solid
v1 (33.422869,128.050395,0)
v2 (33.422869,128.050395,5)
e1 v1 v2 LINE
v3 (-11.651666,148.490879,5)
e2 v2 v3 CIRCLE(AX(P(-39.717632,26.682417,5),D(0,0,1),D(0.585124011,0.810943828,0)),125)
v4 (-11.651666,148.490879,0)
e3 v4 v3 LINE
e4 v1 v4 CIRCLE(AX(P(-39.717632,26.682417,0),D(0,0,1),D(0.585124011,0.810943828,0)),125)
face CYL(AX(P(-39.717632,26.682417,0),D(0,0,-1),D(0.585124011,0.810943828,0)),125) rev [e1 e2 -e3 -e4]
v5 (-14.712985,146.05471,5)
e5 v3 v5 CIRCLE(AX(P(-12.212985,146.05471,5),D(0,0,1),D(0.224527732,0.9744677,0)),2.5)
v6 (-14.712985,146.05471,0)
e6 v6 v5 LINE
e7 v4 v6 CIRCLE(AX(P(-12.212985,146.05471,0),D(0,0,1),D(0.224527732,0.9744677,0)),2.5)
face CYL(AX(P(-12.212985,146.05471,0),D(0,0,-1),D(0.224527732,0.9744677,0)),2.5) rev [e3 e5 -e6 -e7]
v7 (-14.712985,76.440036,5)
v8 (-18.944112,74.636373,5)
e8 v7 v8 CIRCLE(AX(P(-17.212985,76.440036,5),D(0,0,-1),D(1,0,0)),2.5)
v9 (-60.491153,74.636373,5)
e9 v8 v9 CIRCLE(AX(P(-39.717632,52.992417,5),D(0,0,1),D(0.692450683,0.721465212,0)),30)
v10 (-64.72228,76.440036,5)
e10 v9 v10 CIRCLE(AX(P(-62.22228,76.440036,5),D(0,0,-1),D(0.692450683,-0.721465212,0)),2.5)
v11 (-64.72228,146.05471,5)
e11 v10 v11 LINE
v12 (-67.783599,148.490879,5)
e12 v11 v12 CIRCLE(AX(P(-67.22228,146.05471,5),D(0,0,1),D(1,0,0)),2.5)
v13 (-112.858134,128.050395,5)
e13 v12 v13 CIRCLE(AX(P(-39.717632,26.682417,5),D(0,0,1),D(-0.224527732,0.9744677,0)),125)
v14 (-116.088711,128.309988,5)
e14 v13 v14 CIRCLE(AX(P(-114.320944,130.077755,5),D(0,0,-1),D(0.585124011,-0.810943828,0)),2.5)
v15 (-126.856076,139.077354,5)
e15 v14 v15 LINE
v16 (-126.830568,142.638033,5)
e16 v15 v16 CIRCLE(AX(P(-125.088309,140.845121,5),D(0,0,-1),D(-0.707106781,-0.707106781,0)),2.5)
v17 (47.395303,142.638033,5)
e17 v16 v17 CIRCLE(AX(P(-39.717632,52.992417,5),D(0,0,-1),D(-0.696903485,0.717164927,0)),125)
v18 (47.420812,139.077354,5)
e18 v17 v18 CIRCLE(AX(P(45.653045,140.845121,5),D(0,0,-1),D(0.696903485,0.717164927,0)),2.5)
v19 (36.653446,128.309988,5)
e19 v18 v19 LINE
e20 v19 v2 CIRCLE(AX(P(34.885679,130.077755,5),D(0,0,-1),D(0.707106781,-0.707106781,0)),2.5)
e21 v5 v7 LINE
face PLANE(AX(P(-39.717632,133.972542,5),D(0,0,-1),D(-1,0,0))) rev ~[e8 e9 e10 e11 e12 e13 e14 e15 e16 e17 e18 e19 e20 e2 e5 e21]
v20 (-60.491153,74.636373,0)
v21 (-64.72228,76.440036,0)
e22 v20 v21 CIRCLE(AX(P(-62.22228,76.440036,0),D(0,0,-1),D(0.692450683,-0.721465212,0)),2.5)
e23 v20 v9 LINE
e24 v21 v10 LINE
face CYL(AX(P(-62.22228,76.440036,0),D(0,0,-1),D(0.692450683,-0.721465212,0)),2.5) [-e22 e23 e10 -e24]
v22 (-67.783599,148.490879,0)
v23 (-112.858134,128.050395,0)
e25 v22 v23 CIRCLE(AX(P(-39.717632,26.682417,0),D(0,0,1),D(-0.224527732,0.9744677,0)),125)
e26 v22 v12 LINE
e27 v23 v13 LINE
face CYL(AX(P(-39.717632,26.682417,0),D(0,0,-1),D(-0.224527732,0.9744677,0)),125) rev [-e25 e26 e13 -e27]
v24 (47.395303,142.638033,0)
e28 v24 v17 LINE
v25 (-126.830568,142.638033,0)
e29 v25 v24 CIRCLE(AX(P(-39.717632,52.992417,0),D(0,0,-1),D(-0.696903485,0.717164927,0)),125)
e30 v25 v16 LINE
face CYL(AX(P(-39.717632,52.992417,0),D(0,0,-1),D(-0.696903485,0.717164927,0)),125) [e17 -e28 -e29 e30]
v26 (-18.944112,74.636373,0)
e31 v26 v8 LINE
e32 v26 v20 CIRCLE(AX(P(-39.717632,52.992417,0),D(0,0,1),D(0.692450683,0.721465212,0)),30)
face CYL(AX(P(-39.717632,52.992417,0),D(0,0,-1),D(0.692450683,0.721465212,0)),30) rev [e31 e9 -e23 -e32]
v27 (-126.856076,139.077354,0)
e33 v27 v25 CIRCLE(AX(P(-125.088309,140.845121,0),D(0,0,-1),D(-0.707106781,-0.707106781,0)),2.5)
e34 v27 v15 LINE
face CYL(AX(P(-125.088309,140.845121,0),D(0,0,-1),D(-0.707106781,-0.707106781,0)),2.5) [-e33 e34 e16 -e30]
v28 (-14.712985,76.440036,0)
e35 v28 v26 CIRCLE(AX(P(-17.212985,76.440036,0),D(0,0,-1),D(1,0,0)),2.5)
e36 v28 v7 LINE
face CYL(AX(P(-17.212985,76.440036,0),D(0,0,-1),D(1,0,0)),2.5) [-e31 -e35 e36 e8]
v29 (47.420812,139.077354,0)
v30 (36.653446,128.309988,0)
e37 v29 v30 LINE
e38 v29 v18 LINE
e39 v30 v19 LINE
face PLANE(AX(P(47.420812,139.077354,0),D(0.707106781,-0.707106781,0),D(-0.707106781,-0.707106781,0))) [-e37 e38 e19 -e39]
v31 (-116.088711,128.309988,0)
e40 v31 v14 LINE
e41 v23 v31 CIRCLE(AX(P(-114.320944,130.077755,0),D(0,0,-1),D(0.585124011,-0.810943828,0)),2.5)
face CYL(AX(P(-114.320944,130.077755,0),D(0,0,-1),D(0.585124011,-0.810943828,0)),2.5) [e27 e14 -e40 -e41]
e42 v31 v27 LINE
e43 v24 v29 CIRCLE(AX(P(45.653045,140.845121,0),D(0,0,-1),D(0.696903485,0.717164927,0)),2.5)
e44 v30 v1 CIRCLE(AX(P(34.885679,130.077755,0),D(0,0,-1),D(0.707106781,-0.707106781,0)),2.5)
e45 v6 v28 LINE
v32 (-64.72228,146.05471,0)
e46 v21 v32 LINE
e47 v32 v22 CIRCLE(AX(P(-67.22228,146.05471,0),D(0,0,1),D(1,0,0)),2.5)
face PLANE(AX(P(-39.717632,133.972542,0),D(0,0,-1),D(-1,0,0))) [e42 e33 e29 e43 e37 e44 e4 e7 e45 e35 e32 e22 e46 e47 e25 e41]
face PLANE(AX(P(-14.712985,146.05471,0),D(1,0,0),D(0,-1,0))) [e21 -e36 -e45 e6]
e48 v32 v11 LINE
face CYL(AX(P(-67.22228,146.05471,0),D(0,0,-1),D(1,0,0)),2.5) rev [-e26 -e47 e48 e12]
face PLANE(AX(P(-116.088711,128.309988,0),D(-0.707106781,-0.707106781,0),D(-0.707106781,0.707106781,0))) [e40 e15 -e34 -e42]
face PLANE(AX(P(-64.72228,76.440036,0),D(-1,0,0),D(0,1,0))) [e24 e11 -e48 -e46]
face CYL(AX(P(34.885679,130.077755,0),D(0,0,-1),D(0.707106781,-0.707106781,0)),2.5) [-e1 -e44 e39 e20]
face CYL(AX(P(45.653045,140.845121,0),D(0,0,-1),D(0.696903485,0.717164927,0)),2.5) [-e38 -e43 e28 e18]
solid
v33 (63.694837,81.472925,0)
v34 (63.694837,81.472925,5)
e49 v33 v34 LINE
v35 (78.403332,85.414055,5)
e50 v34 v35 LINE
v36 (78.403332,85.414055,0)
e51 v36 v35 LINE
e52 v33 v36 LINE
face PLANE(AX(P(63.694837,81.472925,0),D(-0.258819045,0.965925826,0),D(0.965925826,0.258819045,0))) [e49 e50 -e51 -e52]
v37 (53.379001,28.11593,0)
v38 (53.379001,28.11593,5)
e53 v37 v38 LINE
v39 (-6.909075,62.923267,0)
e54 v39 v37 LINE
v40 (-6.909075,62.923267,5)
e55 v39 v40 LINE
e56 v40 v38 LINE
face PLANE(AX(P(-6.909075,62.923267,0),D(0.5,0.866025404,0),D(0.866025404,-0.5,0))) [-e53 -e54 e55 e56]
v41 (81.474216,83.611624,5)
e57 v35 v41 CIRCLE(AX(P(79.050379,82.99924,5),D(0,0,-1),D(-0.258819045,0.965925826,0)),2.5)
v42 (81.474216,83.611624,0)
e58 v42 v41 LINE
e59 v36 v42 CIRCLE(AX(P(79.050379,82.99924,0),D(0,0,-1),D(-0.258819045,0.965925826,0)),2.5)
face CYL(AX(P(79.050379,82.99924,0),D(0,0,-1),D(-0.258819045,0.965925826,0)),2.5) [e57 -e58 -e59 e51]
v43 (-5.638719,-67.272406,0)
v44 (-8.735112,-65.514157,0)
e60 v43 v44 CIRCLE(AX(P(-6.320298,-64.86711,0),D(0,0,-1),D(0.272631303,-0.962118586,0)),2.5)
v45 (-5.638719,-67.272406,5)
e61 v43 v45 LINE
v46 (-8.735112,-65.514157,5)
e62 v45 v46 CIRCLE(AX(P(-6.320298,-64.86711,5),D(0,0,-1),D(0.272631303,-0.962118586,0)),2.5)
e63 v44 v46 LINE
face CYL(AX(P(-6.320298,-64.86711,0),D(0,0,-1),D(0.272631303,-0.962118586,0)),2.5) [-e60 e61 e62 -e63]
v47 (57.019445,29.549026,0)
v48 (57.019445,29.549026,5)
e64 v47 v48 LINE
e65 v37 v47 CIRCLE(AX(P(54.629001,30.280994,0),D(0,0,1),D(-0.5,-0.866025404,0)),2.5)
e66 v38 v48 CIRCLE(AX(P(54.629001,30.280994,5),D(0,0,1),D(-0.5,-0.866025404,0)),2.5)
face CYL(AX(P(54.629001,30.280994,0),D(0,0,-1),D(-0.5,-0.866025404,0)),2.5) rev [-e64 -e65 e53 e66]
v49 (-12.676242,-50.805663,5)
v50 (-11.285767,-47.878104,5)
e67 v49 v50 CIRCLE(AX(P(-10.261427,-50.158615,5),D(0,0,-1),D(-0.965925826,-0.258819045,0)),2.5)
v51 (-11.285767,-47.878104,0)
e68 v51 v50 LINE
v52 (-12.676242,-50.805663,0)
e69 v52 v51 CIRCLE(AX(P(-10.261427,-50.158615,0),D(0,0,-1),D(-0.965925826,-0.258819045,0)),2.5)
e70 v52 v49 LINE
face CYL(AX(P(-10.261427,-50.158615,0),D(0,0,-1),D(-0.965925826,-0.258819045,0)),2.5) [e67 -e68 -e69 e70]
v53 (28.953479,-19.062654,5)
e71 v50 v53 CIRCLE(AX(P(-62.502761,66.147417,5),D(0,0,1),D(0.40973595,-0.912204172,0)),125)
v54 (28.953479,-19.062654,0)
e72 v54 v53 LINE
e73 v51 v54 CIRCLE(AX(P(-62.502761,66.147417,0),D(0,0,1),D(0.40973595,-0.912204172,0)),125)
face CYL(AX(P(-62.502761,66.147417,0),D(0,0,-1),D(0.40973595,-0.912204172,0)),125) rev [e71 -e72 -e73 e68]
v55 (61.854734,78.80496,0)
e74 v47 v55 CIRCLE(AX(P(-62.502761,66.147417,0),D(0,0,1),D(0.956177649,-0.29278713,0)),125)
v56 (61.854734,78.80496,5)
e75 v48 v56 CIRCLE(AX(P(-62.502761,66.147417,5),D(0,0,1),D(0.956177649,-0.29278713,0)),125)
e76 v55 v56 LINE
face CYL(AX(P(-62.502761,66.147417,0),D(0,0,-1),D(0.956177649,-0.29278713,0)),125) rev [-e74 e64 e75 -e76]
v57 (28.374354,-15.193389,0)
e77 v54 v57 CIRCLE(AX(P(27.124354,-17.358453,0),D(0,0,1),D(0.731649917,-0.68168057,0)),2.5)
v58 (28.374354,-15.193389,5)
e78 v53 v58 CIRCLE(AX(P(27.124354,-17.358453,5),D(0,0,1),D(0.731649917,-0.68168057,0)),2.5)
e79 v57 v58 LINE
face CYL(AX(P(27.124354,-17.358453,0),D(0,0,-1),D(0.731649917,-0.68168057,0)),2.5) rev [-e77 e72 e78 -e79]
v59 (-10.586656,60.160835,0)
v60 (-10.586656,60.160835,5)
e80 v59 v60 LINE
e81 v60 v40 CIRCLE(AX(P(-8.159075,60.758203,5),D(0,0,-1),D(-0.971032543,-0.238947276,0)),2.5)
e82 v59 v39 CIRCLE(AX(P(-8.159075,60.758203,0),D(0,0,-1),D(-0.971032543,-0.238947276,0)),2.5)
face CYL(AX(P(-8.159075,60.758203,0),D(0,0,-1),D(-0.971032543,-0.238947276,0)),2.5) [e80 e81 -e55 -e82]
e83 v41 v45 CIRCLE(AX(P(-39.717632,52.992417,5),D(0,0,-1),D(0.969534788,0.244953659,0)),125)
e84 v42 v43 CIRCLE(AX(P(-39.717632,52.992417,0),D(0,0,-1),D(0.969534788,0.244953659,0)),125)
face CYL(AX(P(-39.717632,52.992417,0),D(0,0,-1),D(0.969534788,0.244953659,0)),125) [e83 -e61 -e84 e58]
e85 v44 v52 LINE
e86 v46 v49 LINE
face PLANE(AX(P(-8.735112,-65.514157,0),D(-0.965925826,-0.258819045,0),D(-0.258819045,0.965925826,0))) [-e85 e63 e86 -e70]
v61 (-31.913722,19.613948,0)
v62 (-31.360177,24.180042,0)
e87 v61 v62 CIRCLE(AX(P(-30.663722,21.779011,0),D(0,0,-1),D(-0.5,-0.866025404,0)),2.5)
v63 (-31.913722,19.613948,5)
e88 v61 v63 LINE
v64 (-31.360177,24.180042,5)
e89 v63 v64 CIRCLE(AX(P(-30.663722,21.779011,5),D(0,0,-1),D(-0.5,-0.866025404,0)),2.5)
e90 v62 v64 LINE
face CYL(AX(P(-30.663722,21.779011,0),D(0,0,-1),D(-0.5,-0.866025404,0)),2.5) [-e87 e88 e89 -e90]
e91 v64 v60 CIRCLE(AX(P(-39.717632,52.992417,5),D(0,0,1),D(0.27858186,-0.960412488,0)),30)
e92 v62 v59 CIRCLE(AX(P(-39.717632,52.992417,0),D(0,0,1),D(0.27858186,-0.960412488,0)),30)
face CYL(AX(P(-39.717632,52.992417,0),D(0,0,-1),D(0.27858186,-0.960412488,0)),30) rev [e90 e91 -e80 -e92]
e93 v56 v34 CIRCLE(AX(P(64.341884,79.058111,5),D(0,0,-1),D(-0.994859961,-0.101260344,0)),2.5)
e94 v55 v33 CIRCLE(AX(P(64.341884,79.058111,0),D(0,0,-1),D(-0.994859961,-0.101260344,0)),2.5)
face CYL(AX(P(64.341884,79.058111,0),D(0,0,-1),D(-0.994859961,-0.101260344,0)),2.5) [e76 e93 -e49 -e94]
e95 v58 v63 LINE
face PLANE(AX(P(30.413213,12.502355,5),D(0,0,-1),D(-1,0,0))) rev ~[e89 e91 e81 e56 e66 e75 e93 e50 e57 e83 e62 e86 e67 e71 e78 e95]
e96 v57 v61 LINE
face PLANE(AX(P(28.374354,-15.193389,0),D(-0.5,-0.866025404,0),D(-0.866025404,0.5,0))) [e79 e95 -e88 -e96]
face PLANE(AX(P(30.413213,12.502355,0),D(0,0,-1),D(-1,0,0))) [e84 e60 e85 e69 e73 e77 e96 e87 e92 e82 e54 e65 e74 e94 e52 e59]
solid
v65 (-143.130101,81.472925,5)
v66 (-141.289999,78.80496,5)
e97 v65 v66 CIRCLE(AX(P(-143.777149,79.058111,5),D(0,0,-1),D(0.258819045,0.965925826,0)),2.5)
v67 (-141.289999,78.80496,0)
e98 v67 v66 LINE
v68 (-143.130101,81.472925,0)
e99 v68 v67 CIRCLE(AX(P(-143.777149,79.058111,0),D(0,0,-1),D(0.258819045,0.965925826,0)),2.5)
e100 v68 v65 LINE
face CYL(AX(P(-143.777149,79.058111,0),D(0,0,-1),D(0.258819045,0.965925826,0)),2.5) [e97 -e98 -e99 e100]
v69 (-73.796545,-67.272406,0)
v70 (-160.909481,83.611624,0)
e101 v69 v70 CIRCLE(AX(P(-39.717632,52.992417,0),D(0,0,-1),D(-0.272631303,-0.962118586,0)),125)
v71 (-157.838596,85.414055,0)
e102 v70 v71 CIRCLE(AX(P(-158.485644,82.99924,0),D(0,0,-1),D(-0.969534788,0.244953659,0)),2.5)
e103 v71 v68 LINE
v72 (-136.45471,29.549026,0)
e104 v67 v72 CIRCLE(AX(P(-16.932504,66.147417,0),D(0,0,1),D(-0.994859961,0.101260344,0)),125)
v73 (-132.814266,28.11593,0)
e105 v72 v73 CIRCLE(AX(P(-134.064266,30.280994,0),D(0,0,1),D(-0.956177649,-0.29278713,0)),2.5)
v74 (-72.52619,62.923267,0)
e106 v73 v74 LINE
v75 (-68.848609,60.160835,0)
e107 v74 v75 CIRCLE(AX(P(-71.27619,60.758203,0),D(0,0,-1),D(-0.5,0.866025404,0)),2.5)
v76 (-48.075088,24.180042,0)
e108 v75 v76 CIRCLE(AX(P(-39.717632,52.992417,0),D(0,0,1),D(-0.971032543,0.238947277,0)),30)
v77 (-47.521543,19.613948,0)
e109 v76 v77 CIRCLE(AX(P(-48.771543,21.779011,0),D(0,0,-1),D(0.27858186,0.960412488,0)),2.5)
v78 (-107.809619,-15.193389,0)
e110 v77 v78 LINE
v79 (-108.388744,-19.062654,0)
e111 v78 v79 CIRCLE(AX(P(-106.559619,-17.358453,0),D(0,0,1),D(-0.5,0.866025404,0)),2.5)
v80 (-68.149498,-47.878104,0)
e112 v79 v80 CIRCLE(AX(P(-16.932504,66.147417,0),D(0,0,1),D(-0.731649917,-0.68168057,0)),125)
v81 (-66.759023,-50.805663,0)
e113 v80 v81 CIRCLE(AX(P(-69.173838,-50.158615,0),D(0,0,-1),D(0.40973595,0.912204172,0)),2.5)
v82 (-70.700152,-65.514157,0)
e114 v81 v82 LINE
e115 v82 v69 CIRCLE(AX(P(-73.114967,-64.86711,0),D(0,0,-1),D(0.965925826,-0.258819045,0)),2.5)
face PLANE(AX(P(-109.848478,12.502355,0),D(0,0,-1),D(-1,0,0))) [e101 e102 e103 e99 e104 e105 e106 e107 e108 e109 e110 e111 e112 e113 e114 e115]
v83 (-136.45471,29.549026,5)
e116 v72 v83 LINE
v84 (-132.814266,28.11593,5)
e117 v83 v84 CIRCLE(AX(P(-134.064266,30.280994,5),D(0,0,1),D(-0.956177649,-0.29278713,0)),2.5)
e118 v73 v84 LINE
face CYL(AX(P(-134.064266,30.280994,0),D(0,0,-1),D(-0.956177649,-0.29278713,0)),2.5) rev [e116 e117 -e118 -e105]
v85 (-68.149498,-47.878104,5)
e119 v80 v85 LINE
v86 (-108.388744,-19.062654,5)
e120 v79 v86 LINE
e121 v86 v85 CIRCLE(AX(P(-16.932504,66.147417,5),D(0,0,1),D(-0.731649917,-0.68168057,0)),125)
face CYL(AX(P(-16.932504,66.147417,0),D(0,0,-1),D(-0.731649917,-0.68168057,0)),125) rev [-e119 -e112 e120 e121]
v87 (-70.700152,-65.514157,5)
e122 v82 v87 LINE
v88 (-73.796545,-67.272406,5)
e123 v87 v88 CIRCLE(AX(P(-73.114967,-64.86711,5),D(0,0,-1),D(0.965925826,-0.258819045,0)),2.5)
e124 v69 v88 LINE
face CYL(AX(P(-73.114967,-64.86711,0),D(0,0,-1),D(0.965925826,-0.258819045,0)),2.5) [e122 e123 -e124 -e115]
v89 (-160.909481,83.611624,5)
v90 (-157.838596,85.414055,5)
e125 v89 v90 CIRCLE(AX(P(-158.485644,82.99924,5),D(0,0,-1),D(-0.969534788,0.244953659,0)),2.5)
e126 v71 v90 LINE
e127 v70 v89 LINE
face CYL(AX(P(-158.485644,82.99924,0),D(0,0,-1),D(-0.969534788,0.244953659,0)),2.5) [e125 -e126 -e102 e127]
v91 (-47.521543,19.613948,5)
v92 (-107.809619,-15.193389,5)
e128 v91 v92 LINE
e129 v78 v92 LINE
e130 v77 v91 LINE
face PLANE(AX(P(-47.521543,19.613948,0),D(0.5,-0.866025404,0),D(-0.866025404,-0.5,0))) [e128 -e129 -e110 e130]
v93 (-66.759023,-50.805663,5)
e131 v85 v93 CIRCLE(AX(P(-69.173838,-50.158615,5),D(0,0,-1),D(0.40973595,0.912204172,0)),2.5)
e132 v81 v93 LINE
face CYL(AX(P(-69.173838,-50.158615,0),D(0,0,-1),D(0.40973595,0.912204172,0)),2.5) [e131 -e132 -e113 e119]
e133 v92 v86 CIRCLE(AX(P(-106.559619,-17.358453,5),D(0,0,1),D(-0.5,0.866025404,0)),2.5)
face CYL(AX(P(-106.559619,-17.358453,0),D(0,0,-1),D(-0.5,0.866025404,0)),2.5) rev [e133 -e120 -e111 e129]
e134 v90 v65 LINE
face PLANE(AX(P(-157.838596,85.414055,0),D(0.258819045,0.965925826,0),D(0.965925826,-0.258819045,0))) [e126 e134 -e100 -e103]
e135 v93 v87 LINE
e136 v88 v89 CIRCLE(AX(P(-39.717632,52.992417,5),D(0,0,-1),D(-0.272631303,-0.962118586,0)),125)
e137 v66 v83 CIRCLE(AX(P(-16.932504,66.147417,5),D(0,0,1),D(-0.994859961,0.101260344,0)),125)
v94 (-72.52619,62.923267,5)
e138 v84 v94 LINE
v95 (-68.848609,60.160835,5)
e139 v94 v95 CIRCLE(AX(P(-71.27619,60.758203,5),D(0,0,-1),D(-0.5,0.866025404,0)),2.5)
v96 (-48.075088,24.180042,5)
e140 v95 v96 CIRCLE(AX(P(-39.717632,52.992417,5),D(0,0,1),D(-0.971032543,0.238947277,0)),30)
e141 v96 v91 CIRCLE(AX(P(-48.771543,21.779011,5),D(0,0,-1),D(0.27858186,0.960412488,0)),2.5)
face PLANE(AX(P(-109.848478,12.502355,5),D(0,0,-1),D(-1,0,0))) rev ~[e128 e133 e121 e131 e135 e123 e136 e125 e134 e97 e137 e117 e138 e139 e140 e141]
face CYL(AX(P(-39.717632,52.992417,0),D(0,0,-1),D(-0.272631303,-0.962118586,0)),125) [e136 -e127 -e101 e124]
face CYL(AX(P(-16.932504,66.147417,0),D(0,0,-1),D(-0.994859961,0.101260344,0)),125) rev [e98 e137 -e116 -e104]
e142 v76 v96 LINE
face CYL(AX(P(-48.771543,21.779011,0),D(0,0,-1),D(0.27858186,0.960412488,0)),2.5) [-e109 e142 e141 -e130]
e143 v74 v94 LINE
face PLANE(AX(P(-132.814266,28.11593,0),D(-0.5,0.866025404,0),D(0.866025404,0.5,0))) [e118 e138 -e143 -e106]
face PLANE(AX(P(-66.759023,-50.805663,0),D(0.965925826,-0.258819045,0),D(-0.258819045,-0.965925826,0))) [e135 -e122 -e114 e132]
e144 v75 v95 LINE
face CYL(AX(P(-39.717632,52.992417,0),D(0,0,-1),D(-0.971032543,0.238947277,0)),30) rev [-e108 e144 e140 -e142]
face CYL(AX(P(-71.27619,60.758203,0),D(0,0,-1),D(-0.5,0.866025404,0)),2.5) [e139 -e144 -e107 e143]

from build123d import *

# Parameters (mm, degrees)
BOSS_EXTRUDE2_DEPTH   = 5
BOSS_EXTRUDE2_2_DEPTH = 5
BOSS_EXTRUDE2_3_DEPTH = 5


with BuildPart() as part:
    # Sketch1 → Boss-Extrude2 (new body)
    with BuildSketch(Plane.XY):
        with BuildLine():
            ThreePointArc((-141.289999118, 78.804960004), (-141.334529419, 53.935289488), (-136.454710083, 29.549025778))
            ThreePointArc((-136.454710083, 29.549025778), (-134.980013747, 27.954750711), (-132.81426596, 28.115930093))
            Line((-132.81426596, 28.115930093), (-72.526189959, 62.923267002))
            ThreePointArc((-72.526189959, 62.923267002), (-69.774713456, 62.757095263), (-68.848608602, 60.160835301))
            ThreePointArc((-68.848608602, 60.160835301), (-65.698394434, 37.992417004), (-48.075088111, 24.180042358))
            ThreePointArc((-48.075088111, 24.180042358), (-46.289713456, 22.079882047), (-47.52154276, 19.613947629))
            Line((-47.52154276, 19.613947629), (-107.809618762, -15.19338928))
            ThreePointArc((-107.809618762, -15.19338928), (-109.032078095, -16.988392191), (-108.388743554, -19.062654214))
            ThreePointArc((-108.388743554, -19.062654214), (-89.709529345, -35.481833579), (-68.149497745, -47.878104465))
            ThreePointArc((-68.149497745, -47.878104465), (-66.915609368, -49.086045475), (-66.759023055, -50.805662507))
            Line((-66.759023055, -50.805662507), (-70.700152367, -65.514157338))
            ThreePointArc((-70.700152367, -65.514157338), (-71.88050884, -67.041072287), (-73.79654519, -67.272406189))
            ThreePointArc((-73.79654519, -67.272406189), (-147.970807793, -9.507582996), (-160.909480822, 83.611624322))
            ThreePointArc((-160.909480822, 83.611624322), (-159.751121611, 85.155293524), (-157.838596239, 85.414054741))
            Line((-157.838596239, 85.414054741), (-143.130101408, 81.47292543))
            ThreePointArc((-143.130101408, 81.47292543), (-141.71916253, 80.477509189), (-141.289999118, 78.804960004))
        make_face()
    extrude(amount=BOSS_EXTRUDE2_DEPTH)


with BuildPart() as body_2:
    # Sketch1 → Boss-Extrude2 2 (new body)
    with BuildSketch(Plane.XY):
        with BuildLine():
            ThreePointArc((-11.285766896, -47.878104465), (10.274264705, -35.481833579), (28.953478913, -19.062654214))
            ThreePointArc((28.953478913, -19.062654214), (29.596813454, -16.988392191), (28.374354121, -15.19338928))
            Line((28.374354121, -15.19338928), (-31.91372188, 19.613947629))
            ThreePointArc((-31.91372188, 19.613947629), (-33.145551185, 22.079882047), (-31.360176529, 24.180042358))
            ThreePointArc((-31.360176529, 24.180042358), (-13.736870207, 37.992417004), (-10.586656039, 60.160835301))
            ThreePointArc((-10.586656039, 60.160835301), (-9.660551185, 62.757095263), (-6.909074682, 62.923267002))
            Line((-6.909074682, 62.923267002), (53.37900132, 28.115930093))
            ThreePointArc((53.37900132, 28.115930093), (55.544749107, 27.954750711), (57.019445442, 29.549025778))
            ThreePointArc((57.019445442, 29.549025778), (61.899264778, 53.935289488), (61.854734477, 78.804960004))
            ThreePointArc((61.854734477, 78.804960004), (62.28389789, 80.477509189), (63.694836768, 81.47292543))
            Line((63.694836768, 81.47292543), (78.403331598, 85.414054741))
            ThreePointArc((78.403331598, 85.414054741), (80.31585697, 85.155293524), (81.474216181, 83.611624322))
            ThreePointArc((81.474216181, 83.611624322), (68.535543153, -9.507582996), (-5.638719451, -67.272406189))
            ThreePointArc((-5.638719451, -67.272406189), (-7.5547558, -67.041072287), (-8.735112274, -65.514157338))
            Line((-8.735112274, -65.514157338), (-12.676241586, -50.805662507))
            ThreePointArc((-12.676241586, -50.805662507), (-12.519655273, -49.086045475), (-11.285766896, -47.878104465))
        make_face()
    extrude(amount=BOSS_EXTRUDE2_2_DEPTH)


with BuildPart() as body_3:
    # Sketch1 → Boss-Extrude2 3 (new body)
    with BuildSketch(Plane.XY):
        with BuildLine():
            ThreePointArc((-11.651665791, 148.490879447), (-13.769696668, 148.010892491), (-14.712985122, 146.054710198))
            Line((-14.712985122, 146.054710198), (-14.712985122, 76.440036381))
            ThreePointArc((-14.712985122, 76.440036381), (-16.23263232, 74.140273701), (-18.944111829, 74.636373352))
            ThreePointArc((-18.944111829, 74.636373352), (-39.71763232, 82.992417004), (-60.491152811, 74.636373352))
            ThreePointArc((-60.491152811, 74.636373352), (-63.20263232, 74.140273701), (-64.722279519, 76.440036381))
            Line((-64.722279519, 76.440036381), (-64.722279519, 146.054710198))
            ThreePointArc((-64.722279519, 146.054710198), (-65.665567973, 148.010892491), (-67.783598849, 148.490879447))
            ThreePointArc((-67.783598849, 148.490879447), (-91.342632394, 140.523795103), (-112.858133693, 128.050395473))
            ThreePointArc((-112.858133693, 128.050395473), (-114.521185483, 127.585787298), (-116.088710674, 128.309988089))
            Line((-116.088710674, 128.309988089), (-126.856076193, 139.077353608))
            ThreePointArc((-126.856076193, 139.077353608), (-127.588245091, 140.863029774), (-126.830567952, 142.638032879))
            ThreePointArc((-126.830567952, 142.638032879), (-39.71763232, 177.992417004), (47.395303312, 142.638032879))
            ThreePointArc((47.395303312, 142.638032879), (48.15298045, 140.863029774), (47.420811552, 139.077353608))
            Line((47.420811552, 139.077353608), (36.653446033, 128.309988089))
            ThreePointArc((36.653446033, 128.309988089), (35.085920842, 127.585787298), (33.422869053, 128.050395473))
            ThreePointArc((33.422869053, 128.050395473), (11.907367753, 140.523795103), (-11.651665791, 148.490879447))
        make_face()
    extrude(amount=BOSS_EXTRUDE2_3_DEPTH)


solid = Compound([part.part, body_2.part, body_3.part])
